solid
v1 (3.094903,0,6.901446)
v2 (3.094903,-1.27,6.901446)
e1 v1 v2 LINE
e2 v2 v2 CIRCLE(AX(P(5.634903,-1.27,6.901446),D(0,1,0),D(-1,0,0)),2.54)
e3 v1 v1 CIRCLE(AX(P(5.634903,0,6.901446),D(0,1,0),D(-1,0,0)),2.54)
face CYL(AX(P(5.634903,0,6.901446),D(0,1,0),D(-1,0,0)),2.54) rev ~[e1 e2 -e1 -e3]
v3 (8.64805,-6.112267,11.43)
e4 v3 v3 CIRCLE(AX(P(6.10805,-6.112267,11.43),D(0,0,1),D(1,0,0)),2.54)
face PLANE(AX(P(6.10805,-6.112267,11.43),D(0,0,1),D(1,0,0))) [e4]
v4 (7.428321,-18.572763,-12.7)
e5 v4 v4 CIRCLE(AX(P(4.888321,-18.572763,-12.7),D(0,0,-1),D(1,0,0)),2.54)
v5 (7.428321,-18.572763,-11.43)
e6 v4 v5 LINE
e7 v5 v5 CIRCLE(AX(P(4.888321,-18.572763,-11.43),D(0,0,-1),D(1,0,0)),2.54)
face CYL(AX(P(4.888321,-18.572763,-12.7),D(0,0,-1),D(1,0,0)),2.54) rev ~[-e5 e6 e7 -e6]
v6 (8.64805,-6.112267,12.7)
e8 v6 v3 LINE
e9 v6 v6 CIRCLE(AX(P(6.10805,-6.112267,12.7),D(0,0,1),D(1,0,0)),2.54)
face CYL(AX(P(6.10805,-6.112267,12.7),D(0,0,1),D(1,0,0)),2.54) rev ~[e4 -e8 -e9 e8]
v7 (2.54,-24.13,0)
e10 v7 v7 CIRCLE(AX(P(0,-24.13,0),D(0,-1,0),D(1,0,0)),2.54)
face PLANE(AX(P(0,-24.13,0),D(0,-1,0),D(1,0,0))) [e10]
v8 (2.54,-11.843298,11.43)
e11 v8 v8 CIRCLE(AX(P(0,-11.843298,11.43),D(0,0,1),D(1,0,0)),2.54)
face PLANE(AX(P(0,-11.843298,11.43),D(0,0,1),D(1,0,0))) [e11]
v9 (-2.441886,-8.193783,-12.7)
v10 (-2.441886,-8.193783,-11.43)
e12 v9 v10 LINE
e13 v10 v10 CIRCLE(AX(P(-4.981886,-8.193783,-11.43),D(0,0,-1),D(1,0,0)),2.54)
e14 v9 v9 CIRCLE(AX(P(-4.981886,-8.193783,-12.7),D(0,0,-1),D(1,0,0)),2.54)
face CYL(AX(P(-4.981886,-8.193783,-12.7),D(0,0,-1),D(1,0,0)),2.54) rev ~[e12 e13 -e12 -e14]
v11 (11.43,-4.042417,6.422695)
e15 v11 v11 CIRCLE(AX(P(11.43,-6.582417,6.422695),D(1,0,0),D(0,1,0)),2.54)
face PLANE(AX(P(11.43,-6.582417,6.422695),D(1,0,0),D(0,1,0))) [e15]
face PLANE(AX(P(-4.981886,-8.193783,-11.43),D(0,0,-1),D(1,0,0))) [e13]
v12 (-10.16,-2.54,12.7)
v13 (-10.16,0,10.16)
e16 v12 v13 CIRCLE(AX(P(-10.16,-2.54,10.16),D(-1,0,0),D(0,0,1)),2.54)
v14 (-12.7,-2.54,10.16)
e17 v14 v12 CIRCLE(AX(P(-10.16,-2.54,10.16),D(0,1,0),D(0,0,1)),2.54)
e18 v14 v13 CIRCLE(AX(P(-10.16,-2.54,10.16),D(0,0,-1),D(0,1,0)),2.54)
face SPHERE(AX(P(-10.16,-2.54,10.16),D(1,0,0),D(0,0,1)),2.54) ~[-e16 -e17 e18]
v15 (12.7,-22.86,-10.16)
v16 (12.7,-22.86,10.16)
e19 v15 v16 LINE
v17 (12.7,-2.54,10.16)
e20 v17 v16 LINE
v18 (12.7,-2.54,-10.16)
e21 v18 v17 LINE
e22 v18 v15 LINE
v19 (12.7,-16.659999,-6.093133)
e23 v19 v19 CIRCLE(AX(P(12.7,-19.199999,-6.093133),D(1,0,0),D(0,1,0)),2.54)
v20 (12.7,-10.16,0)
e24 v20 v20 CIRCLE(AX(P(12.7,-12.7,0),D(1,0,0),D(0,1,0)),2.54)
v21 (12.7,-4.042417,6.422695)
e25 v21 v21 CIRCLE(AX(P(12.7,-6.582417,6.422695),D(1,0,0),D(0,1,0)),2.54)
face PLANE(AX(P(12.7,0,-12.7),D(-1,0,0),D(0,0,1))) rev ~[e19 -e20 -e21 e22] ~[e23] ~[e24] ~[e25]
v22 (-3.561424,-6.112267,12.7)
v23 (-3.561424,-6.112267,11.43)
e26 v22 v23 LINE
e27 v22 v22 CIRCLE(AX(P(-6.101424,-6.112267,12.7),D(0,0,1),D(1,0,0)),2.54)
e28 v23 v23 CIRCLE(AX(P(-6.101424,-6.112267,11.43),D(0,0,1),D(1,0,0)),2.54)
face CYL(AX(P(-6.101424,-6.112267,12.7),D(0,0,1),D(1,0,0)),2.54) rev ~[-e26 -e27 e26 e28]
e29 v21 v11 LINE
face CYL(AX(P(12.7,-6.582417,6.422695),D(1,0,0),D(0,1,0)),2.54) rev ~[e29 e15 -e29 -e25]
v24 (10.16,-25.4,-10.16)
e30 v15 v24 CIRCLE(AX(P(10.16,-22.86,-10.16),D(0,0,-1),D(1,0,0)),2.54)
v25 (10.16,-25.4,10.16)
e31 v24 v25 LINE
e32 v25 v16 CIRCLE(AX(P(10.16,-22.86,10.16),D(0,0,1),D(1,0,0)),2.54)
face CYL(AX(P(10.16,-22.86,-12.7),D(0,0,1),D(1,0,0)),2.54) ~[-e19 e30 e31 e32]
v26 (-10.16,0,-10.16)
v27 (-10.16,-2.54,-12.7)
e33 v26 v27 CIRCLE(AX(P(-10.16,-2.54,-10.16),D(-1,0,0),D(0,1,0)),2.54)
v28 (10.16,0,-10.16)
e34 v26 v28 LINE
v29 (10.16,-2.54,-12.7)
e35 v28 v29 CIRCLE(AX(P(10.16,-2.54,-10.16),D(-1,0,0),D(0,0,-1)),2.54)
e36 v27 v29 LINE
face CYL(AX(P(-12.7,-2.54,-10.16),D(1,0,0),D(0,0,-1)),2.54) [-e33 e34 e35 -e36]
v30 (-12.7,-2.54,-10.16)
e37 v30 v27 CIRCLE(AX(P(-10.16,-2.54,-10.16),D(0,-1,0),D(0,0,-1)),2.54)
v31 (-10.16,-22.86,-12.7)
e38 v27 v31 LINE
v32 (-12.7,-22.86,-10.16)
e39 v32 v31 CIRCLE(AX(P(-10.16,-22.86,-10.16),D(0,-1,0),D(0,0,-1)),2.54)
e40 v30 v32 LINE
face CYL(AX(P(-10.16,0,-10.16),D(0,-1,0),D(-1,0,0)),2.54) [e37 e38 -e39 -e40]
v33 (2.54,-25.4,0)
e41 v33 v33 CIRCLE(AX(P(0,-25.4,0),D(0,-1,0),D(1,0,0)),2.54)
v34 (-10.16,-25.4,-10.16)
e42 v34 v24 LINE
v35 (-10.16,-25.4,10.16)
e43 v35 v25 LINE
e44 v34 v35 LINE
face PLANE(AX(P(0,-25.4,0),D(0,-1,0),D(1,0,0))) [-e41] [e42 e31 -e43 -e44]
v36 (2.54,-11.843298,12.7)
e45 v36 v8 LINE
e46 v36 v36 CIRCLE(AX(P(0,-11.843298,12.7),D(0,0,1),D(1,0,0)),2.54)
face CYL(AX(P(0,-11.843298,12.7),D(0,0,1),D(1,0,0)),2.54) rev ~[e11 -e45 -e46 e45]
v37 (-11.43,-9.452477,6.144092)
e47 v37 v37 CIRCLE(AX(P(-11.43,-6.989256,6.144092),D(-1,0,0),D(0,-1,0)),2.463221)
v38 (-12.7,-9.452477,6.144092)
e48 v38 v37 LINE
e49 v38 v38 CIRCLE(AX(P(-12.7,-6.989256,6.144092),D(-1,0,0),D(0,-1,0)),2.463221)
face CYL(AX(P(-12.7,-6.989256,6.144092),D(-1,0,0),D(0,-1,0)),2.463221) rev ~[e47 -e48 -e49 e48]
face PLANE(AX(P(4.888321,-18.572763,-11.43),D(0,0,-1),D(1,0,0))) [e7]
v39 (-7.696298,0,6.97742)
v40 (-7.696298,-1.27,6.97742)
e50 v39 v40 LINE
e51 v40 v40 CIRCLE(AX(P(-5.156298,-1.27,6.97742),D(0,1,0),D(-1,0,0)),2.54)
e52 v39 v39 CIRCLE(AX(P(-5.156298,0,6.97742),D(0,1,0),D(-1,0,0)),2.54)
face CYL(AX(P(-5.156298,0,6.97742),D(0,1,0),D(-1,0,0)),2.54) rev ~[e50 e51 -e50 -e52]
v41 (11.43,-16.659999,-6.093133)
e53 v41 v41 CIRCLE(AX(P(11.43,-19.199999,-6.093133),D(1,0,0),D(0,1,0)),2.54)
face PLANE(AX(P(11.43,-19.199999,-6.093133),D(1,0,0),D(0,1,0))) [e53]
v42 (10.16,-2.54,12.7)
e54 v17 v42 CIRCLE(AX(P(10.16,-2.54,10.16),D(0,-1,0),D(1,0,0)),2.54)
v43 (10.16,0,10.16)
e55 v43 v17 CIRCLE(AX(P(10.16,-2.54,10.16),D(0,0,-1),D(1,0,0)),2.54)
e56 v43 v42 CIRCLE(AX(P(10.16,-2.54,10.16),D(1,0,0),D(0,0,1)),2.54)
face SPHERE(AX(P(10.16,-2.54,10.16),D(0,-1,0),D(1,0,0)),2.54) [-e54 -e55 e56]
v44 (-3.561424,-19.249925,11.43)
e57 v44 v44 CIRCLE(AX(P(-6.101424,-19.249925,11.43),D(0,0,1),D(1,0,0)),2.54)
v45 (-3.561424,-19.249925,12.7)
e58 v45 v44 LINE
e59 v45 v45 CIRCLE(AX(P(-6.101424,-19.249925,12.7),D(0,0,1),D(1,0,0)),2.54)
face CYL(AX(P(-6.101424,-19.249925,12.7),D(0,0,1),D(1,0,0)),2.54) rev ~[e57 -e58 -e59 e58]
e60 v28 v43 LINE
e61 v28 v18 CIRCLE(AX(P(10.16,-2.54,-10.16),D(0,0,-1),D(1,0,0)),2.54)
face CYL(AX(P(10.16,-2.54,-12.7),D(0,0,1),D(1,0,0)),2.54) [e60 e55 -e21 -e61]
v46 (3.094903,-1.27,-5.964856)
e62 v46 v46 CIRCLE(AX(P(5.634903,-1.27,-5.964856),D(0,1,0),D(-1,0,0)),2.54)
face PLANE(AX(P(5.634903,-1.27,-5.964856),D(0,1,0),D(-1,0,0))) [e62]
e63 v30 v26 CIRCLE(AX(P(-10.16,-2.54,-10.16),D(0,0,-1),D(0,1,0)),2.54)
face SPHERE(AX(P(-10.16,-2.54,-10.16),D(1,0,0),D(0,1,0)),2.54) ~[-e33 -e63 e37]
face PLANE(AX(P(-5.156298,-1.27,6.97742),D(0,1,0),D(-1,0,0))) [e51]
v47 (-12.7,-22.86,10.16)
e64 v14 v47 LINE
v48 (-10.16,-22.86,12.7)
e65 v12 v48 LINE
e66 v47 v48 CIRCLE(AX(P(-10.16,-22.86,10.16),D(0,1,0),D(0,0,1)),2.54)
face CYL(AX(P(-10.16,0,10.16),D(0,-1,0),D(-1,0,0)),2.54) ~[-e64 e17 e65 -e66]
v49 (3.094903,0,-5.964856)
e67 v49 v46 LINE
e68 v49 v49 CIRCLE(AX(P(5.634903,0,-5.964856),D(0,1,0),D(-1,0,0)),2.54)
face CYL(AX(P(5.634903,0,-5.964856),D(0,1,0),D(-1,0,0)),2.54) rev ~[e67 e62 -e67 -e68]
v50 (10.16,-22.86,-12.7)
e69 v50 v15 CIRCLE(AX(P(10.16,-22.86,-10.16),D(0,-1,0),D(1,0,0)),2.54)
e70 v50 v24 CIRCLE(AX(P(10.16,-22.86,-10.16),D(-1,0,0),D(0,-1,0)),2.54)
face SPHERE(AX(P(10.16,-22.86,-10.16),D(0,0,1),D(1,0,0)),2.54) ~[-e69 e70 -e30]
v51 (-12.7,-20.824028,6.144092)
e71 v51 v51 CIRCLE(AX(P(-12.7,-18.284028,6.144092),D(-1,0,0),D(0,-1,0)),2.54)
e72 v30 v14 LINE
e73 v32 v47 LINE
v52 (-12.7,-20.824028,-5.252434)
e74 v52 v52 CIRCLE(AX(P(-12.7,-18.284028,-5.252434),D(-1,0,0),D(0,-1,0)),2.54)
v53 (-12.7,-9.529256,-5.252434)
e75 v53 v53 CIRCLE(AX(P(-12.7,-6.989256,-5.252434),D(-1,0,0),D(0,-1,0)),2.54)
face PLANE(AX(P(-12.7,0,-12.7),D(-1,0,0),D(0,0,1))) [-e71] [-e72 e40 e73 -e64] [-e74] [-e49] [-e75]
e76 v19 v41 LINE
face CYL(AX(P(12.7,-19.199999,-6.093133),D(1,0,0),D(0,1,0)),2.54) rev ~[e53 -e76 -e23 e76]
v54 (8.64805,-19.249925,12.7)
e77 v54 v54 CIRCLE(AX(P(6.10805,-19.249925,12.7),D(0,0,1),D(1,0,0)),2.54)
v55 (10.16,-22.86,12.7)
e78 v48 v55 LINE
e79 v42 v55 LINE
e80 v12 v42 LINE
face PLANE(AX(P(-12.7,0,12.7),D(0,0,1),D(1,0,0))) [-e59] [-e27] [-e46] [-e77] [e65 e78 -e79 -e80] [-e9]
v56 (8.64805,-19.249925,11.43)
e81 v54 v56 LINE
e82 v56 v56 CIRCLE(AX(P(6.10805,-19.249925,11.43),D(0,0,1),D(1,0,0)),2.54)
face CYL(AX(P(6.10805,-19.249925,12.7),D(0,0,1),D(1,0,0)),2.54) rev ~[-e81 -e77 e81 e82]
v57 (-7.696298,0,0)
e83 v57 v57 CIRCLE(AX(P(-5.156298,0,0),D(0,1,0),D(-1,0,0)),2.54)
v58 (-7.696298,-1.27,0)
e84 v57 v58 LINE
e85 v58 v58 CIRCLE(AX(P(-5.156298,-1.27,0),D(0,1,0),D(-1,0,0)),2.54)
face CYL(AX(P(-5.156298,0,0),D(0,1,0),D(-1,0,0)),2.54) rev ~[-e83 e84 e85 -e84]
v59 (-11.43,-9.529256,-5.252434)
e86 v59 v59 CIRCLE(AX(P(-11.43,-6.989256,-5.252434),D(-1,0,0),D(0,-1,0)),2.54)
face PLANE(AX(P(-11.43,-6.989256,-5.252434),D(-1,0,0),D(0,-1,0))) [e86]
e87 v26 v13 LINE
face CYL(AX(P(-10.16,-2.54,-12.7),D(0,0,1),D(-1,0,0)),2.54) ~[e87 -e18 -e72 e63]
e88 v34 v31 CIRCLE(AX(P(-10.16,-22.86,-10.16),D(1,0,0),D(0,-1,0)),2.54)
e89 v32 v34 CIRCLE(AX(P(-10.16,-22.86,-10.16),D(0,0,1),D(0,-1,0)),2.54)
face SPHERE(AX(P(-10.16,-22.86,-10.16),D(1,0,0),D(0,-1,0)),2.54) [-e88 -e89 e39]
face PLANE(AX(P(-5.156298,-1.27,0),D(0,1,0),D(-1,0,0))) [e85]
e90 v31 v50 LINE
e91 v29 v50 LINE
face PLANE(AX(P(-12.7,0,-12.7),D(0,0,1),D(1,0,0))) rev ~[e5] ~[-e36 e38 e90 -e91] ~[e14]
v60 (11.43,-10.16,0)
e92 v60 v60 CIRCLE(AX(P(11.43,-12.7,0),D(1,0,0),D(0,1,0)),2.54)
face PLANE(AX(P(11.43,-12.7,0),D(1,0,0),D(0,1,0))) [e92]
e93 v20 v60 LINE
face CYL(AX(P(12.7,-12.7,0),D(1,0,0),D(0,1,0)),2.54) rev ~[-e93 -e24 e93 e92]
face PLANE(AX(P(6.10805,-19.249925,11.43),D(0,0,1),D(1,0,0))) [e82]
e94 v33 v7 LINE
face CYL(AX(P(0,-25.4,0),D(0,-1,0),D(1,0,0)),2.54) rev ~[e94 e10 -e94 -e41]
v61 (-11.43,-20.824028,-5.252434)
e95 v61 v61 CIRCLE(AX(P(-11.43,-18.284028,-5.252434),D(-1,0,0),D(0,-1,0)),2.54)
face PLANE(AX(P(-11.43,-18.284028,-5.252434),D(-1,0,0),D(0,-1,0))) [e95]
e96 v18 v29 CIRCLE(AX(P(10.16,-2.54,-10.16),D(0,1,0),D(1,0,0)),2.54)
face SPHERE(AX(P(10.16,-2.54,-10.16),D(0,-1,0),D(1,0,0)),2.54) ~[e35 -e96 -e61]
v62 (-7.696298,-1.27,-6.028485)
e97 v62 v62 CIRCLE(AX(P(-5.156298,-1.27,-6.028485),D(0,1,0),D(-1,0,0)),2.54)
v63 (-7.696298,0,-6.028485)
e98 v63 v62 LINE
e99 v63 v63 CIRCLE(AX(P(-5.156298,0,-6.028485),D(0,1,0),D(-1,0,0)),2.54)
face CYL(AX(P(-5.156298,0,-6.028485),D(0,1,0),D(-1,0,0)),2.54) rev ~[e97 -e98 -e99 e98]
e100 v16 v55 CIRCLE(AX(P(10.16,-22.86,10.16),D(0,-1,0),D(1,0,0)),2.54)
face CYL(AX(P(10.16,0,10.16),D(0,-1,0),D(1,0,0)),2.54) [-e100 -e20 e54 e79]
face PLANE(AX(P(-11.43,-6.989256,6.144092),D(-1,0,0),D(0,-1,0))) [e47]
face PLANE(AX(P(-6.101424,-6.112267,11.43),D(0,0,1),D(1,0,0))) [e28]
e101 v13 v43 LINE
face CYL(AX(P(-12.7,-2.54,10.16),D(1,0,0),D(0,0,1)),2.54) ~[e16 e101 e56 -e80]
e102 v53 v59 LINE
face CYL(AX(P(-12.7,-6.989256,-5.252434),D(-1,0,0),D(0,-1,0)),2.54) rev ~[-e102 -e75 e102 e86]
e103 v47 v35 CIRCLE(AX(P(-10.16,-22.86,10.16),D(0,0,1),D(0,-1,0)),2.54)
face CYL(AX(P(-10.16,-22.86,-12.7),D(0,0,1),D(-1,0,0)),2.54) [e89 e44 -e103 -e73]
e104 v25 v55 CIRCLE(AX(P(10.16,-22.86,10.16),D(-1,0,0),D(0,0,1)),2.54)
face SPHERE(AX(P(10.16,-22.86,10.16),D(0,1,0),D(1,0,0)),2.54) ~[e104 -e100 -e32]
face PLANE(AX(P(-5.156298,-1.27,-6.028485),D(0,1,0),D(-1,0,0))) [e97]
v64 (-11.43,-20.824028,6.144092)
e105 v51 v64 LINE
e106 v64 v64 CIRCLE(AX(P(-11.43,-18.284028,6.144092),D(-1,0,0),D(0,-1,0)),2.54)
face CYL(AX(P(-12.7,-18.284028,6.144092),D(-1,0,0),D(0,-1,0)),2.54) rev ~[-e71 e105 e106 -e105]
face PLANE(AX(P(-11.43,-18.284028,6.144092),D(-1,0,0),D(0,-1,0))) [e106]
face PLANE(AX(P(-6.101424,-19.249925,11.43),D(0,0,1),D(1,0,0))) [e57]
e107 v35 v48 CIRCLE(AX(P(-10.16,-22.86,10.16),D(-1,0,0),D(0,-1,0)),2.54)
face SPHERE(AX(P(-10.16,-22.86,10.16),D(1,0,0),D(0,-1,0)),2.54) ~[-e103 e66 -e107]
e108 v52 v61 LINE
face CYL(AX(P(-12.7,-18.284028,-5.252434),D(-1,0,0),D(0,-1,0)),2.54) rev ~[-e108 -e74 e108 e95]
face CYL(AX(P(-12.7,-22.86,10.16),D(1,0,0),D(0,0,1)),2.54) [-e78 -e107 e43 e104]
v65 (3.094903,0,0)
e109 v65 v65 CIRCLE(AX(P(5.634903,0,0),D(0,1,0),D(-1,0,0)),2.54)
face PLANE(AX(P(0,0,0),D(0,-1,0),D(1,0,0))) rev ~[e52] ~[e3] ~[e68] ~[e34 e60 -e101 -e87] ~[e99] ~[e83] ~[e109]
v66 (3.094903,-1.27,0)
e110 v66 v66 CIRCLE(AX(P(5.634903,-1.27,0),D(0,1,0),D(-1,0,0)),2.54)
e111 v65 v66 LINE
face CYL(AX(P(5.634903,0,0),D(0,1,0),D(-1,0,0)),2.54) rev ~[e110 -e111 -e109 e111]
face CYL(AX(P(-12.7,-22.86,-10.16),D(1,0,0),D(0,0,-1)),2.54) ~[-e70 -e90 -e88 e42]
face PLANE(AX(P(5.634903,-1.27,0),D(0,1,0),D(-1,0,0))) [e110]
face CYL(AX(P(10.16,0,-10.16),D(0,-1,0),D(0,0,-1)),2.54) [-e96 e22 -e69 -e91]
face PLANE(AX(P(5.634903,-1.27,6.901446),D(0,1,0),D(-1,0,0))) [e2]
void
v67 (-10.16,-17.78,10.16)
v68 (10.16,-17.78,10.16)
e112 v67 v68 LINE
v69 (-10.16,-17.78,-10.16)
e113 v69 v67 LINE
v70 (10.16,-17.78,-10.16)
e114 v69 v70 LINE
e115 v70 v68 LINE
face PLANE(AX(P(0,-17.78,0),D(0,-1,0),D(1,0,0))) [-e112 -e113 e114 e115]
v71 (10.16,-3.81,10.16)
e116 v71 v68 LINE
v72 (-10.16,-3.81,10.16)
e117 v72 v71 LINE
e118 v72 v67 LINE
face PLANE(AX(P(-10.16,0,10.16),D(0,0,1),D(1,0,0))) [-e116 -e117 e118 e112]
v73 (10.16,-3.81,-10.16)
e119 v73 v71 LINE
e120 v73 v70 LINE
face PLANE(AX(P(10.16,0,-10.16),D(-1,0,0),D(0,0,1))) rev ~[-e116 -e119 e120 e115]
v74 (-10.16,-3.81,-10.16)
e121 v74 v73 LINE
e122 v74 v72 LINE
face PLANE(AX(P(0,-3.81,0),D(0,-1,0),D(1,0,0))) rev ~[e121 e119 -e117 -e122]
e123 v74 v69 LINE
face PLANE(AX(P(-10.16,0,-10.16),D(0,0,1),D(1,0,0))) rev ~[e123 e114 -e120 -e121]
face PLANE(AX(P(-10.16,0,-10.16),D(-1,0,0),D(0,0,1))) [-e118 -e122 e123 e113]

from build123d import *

# Parameters (mm, degrees)
F0_W       = 25.4
F0_H       = 25.4
F1_DEPTH   = 25.4
F2_R       = 2.54
F3_DEPTH   = 17.78
F4_W       = 20.32
F4_H       = 20.32
F5_DEPTH   = 3.81
F6_R       = 2.54
F7_DEPTH   = 1.27
F8_R       = 2.54
F9_DEPTH   = 1.27
F10_R      = 2.54
F1_FACE3_W = 20.32
F1_FACE3_H = 20.32
F11_DEPTH  = 1.27
F12_R      = 2.4632205566
F12_R_2    = 2.54
F13_DEPTH  = 1.27
F14_R      = 2.54
F15_DEPTH  = 1.27
F16_R      = 2.54
F17_DEPTH  = 1.27


with BuildPart() as f1:
    # F0 (on Front) → F1 (new body)
    with BuildSketch(Plane.XZ):
        Rectangle(F0_W, F0_H)
    extrude(amount=F1_DEPTH)

    # F2
    f2_edges = [f1.edges().sort_by_distance(p)[0] for p in [
        (12.7, -12.7, 12.7),
        (12.7, -25.4, 0),
        (12.7, -12.7, -12.7),
        (12.7, 0, 0),
        (0, 0, 12.7),
        (0, 0, -12.7),
        (0, -25.4, -12.7),
        (0, -25.4, 12.7),
        (-12.7, -25.4, 0),
        (-12.7, -12.7, 12.7),
        (-12.7, 0, 0),
        (-12.7, -12.7, -12.7),
    ]]
    fillet(f2_edges, radius=F2_R)

    # F3 (cut): a face of the model
    f3_faces = [f1.faces().sort_by_distance(p)[0] for p in [
        (0, 0, 0),
    ]]
    extrude(f3_faces, amount=-F3_DEPTH, mode=Mode.SUBTRACT)

    # F4 (on Front) → F5 (join)
    with BuildSketch(Plane.XZ):
        Rectangle(F4_W, F4_H)
    extrude(amount=F5_DEPTH)

    # F6 (on face) → F7 (cut)
    with BuildSketch(Plane(origin=(0, 0, 0), x_dir=(-1, 0, 0), z_dir=(0, 1, 0))):
        with Locations((-5.6349025984, 0)):
            Circle(F6_R)
        with Locations((-5.6349025984, 6.9014462642)):
            Circle(F6_R)
        with Locations((-5.6349025984, -5.9648556635)):
            Circle(F6_R)
        with Locations((5.1562977023, 0)):
            Circle(F6_R)
        with Locations((5.1562977023, 6.9774198346)):
            Circle(F6_R)
        with Locations((5.1562977023, -6.0284850188)):
            Circle(F6_R)
    extrude(amount=-F7_DEPTH, mode=Mode.SUBTRACT)

    # F8 (on face) → F9 (cut)
    with BuildSketch(Plane.XZ.offset(25.4)):
        Circle(F8_R)
    extrude(amount=-F9_DEPTH, mode=Mode.SUBTRACT)

    # F10 (on face) + F1_face3 (on face) → F11 (cut)
    with BuildSketch(Plane.YZ.offset(12.7)):
        with Locations((-12.7, 0)):
            Circle(F10_R)
        with Locations((-6.582416594, 6.4226952381)):
            Circle(F10_R)
        with Locations((-19.1999990493, -6.0931327753)):
            Circle(F10_R)
    with BuildSketch(Plane(origin=(-12.7, -12.7, 0), x_dir=(0, -1, 0), z_dir=(-1, 0, 0))):
        Rectangle(F1_FACE3_W, F1_FACE3_H)
    extrude(amount=-F11_DEPTH, dir=(1, 0, 0), mode=Mode.SUBTRACT)

    # F12 (on face) → F13 (cut)
    with BuildSketch(Plane(origin=(-12.7, 0, 0), x_dir=(0, -1, 0), z_dir=(-1, 0, 0))):
        with Locations((6.9892560132, 6.1440924183)):
            Circle(F12_R)
        with Locations((6.9892560132, -5.2524344064)):
            Circle(F12_R_2)
        with Locations((18.284028396, 6.1440924183)):
            Circle(F12_R_2)
        with Locations((18.284028396, -5.2524344064)):
            Circle(F12_R_2)
    extrude(amount=-F13_DEPTH, mode=Mode.SUBTRACT)

    # F14 (on face) → F15 (cut)
    with BuildSketch(Plane(origin=(0, 0, -12.7), x_dir=(1, 0, 0), z_dir=(0, 0, -1))):
        with Locations((4.888321273, 18.5727626085)):
            Circle(F14_R)
        with Locations((-4.9818856642, 8.193783462)):
            Circle(F14_R)
    extrude(amount=-F15_DEPTH, mode=Mode.SUBTRACT)

    # F16 (on face) → F17 (cut)
    with BuildSketch(Plane.XY.offset(12.7)):
        with Locations((0, -11.8432976305)):
            Circle(F16_R)
        with Locations((-6.1014243402, -6.1122667976)):
            Circle(F16_R)
        with Locations((6.108049769, -6.1122667976)):
            Circle(F16_R)
        with Locations((-6.1014243402, -19.2499253899)):
            Circle(F16_R)
        with Locations((6.108049769, -19.2499253899)):
            Circle(F16_R)
    extrude(amount=-F17_DEPTH, mode=Mode.SUBTRACT)


solid = f1.part
